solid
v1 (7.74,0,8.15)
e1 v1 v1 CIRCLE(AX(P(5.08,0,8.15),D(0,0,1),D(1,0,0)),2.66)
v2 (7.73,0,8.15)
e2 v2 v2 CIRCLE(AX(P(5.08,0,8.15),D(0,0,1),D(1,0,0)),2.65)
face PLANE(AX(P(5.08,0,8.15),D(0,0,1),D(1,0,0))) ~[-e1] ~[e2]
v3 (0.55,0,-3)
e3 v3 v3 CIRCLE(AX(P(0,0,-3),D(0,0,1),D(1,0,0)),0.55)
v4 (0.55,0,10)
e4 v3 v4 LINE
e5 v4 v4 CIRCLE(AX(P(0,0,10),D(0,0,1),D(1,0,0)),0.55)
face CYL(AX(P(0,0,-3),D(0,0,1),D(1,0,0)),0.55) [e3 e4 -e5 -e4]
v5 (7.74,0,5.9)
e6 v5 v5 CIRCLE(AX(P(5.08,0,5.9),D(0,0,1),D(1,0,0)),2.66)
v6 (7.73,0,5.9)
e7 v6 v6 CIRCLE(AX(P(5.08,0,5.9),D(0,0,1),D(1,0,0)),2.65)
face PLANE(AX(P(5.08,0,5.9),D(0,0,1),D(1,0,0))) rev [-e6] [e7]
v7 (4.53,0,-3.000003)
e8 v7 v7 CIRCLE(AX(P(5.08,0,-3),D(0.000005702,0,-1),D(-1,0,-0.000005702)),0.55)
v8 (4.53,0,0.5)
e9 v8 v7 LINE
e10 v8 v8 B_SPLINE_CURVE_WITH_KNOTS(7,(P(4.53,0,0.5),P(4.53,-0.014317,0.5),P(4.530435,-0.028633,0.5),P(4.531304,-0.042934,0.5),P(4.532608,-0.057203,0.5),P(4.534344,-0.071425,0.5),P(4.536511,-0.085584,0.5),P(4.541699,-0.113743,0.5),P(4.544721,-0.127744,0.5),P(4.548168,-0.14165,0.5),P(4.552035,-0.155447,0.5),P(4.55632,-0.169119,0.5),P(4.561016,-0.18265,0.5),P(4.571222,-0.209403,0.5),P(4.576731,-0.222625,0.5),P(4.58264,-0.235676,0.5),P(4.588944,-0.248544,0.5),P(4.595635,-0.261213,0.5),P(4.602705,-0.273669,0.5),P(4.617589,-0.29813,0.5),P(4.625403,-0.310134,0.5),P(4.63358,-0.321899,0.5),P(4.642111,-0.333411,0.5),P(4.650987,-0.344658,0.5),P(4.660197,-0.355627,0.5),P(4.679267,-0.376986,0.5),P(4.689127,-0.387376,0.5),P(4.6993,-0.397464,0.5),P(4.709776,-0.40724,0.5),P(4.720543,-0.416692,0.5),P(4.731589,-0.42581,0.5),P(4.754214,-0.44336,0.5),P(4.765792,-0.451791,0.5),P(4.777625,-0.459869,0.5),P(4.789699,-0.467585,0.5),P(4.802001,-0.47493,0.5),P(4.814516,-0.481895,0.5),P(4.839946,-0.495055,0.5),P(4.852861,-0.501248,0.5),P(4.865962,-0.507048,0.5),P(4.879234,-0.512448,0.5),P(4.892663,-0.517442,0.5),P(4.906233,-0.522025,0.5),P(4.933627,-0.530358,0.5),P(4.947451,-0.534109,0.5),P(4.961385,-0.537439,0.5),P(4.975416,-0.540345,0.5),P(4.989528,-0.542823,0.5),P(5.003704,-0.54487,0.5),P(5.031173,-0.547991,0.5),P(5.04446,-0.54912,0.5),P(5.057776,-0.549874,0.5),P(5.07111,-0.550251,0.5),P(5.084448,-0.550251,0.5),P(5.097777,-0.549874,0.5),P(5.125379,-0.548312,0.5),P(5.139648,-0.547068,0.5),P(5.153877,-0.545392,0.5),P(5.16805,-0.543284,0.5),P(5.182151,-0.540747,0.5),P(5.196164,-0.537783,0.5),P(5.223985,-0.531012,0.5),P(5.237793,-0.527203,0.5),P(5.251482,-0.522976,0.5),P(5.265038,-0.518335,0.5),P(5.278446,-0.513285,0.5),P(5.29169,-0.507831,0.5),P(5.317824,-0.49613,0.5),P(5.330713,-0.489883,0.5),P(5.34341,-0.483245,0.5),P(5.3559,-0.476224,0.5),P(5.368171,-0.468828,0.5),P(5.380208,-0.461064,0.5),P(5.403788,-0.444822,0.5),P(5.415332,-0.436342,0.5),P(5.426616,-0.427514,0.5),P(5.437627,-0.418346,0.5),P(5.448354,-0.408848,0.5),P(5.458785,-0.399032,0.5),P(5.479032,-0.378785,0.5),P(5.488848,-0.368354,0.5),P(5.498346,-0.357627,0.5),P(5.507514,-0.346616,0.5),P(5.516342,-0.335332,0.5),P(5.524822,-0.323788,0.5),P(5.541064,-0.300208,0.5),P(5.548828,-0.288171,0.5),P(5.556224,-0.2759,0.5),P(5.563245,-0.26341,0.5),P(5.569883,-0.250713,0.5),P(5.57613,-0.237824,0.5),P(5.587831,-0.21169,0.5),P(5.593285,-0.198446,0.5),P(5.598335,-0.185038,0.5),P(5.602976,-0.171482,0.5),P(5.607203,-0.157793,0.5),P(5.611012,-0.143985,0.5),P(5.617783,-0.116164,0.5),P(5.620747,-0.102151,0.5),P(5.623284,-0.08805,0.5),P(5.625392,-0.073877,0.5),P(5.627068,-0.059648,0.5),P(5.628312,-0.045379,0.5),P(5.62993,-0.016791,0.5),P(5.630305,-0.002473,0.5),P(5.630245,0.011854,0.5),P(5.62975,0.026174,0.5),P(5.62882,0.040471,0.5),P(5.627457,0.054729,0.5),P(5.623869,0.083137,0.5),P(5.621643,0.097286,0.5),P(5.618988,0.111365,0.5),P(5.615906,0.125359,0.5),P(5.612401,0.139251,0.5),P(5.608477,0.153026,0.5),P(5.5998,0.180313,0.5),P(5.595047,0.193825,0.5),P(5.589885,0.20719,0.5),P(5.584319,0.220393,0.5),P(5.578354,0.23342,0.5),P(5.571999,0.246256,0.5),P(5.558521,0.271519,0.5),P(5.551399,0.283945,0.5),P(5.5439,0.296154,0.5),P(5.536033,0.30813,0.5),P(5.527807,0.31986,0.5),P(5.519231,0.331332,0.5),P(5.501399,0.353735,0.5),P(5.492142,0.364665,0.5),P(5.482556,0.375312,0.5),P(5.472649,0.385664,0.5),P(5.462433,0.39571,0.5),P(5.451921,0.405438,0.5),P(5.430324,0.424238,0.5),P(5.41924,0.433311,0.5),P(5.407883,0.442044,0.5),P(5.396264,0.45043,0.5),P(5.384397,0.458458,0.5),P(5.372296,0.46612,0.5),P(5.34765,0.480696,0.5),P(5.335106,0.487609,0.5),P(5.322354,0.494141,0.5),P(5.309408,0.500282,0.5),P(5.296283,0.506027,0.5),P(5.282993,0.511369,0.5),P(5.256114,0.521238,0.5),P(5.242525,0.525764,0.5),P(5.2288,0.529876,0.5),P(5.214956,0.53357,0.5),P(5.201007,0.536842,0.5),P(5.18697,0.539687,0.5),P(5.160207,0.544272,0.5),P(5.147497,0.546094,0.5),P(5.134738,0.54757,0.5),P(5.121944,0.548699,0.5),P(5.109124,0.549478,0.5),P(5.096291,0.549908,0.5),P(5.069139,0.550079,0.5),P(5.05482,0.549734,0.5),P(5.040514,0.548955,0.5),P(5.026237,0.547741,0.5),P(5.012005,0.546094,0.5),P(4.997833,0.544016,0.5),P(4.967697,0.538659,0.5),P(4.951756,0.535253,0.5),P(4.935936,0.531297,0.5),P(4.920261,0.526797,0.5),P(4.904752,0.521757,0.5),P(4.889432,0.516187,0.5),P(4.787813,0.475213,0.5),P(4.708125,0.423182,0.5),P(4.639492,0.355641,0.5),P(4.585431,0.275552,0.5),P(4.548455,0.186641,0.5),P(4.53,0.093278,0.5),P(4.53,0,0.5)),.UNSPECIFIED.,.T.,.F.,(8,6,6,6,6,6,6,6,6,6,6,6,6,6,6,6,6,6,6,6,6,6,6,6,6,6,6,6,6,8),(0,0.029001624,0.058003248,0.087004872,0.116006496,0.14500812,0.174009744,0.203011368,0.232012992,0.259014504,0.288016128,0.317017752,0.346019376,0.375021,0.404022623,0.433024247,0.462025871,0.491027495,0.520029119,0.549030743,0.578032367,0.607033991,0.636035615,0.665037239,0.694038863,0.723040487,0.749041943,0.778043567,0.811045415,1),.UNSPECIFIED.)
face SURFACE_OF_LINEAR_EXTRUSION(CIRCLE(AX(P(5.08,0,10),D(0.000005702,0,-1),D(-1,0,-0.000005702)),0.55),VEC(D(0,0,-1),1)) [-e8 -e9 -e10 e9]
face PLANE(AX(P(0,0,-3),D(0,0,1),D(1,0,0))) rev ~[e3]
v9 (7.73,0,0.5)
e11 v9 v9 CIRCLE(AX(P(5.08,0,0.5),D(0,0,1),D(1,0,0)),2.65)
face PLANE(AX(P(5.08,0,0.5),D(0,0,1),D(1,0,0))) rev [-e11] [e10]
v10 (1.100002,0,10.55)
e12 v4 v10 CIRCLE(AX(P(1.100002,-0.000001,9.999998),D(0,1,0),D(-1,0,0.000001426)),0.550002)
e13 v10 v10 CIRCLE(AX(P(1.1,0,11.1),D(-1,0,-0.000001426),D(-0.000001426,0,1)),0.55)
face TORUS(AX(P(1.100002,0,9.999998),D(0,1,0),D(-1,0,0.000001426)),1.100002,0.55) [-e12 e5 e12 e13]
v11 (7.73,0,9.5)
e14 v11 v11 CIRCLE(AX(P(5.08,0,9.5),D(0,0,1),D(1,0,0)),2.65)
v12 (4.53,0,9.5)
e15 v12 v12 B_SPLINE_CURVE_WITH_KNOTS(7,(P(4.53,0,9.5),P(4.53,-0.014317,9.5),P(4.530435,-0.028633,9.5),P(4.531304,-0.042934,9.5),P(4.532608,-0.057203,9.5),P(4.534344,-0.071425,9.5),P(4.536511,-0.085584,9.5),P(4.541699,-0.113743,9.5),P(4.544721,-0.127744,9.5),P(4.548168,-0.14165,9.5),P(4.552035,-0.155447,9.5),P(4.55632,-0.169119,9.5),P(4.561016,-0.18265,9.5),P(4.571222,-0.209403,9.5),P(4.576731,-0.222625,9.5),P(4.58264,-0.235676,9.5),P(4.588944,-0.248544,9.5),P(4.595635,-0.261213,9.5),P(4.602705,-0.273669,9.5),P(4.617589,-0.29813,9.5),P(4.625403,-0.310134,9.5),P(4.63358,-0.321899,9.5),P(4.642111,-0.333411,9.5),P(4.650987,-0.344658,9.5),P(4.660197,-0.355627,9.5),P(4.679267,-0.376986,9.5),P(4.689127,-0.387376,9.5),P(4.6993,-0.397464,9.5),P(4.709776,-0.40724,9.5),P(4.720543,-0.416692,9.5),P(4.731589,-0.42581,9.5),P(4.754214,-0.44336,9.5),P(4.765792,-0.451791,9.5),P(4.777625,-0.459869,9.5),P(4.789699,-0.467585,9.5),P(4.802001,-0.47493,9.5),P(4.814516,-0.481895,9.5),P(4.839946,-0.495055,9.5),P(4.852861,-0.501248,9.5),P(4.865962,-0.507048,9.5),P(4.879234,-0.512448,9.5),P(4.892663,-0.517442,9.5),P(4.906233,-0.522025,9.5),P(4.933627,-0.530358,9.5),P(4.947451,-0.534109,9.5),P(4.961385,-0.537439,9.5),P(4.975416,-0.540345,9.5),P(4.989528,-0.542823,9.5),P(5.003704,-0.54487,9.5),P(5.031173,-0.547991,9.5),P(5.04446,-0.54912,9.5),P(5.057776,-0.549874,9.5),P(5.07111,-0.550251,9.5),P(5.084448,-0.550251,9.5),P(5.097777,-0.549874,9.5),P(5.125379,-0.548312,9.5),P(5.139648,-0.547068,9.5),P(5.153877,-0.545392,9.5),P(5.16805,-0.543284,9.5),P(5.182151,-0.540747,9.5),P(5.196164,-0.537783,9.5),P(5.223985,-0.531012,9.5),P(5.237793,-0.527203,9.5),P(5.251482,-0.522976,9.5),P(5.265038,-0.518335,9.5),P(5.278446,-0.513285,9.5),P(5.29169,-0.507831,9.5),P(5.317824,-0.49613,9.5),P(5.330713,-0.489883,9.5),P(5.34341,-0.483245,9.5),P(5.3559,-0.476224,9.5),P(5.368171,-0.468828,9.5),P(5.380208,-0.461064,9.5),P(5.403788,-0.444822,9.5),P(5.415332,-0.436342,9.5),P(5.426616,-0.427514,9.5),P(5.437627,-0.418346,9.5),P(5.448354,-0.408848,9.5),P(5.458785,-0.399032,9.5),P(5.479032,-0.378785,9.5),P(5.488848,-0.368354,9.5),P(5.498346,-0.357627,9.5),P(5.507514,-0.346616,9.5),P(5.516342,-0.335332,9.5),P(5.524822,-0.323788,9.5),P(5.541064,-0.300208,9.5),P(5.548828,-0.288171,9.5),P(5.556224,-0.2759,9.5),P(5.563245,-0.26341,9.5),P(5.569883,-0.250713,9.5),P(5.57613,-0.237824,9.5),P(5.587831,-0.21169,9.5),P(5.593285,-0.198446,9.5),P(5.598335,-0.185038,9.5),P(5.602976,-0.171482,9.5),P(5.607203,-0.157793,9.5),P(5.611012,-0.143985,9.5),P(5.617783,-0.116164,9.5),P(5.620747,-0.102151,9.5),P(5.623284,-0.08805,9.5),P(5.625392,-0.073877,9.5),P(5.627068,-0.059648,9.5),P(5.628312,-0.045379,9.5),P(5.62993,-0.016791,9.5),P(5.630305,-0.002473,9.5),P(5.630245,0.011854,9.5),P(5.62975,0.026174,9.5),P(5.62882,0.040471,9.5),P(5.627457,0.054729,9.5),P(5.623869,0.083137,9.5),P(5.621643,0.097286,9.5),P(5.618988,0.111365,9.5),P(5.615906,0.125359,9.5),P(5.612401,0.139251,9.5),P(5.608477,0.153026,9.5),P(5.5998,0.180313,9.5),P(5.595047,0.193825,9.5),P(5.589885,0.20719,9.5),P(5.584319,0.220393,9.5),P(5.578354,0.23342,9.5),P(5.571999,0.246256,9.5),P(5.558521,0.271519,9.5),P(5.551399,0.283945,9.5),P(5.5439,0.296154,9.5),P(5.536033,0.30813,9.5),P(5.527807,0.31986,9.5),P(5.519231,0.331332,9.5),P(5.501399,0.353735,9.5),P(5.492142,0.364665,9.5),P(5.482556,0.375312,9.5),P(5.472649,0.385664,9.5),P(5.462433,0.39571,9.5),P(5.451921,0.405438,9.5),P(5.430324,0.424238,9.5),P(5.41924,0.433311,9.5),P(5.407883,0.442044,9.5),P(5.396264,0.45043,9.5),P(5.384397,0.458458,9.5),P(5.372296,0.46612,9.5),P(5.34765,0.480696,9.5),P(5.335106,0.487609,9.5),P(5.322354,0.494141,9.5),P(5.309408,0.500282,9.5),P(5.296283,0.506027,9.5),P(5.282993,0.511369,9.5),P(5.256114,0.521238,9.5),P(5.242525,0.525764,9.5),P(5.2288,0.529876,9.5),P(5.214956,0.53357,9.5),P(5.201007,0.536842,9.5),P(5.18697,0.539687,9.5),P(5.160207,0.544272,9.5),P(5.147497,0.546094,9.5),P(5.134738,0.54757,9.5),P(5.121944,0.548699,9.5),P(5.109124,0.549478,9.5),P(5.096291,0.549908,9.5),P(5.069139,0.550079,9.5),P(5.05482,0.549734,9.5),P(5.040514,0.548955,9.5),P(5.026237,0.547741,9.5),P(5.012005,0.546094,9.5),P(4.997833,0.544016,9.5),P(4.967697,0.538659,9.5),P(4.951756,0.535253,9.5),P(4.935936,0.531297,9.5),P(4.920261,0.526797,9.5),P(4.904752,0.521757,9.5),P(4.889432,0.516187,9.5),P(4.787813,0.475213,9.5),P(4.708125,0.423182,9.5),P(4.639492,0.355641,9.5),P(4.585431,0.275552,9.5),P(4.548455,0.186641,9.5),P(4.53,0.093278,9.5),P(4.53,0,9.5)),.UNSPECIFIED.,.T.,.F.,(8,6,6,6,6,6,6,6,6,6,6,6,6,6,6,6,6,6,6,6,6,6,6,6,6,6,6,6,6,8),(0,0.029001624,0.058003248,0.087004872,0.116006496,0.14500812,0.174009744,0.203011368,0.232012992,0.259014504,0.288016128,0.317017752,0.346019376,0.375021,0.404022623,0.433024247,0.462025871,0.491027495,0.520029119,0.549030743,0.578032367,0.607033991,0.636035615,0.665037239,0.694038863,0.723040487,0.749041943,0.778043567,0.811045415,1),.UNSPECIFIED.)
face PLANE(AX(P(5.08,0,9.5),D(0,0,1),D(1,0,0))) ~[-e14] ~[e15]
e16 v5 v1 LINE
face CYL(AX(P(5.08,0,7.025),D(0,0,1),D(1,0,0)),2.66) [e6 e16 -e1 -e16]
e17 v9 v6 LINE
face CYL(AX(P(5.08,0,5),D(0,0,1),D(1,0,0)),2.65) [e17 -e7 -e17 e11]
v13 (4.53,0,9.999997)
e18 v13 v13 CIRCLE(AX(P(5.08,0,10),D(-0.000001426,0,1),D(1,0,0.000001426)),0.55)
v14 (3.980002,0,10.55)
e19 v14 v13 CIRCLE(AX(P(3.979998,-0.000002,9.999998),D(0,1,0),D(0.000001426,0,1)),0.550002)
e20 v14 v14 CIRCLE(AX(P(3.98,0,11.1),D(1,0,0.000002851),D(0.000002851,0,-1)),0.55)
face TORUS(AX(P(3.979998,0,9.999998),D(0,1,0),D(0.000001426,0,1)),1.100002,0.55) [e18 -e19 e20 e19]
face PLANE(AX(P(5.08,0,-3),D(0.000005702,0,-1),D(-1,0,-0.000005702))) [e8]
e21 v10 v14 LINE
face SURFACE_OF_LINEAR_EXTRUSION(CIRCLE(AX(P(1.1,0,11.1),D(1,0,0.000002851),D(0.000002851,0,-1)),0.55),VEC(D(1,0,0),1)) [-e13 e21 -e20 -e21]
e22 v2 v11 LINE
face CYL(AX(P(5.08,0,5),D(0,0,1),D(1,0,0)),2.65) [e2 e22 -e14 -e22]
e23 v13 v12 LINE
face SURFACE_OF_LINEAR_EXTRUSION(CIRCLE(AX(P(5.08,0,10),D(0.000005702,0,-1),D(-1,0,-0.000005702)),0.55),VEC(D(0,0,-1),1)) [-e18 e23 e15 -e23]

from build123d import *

# Parameters (mm, degrees)
SKETCH002_W = 2.65
SKETCH002_H = 9
SKETCH001_R = 0.55
SKETCH003_W = 2.66
SKETCH003_H = 2.25


with BuildPart() as revolution:
    # Sketch002 → Revolution (revolve)
    with BuildSketch(Plane.XZ):
        with Locations((6.405, 5)):
            Rectangle(SKETCH002_W, SKETCH002_H)
    revolve(axis=Axis((5.08, 0, 0.5), (0, 0, 1)))


with BuildPart() as sweep_body:
    # Sweep: sweep along a path in Sketch
    with BuildLine(Plane.XZ) as sweep_path:
        Line((0, -3), (0, 10))
        ThreePointArc((0, 10), (0.322183, 10.777817), (1.1, 11.1))
        Line((1.1, 11.1), (3.98, 11.1))
        ThreePointArc((3.98, 11.1), (4.757817, 10.777817), (5.08, 10))
        Line((5.08, 10), (5.08, -3))
    # Sketch001 → Sweep (sweep)
    with BuildSketch(Plane.XY):
        Circle(SKETCH001_R)
    sweep(path=sweep_path.line)


with BuildPart() as d_do_201ae_p5_08mm_vertical_kathodeup:
    # Sketch003 → Revolution001 (revolve)
    with BuildSketch(Plane.XZ):
        with Locations((6.41, 7.025)):
            Rectangle(SKETCH003_W, SKETCH003_H)
    revolve(axis=Axis((5.08, 0, 5.9), (0, 0, 1)))

    # Revolution001_mp_cp: union Revolution, Sweep body
    add(revolution.part)
    add(sweep_body.part)


solid = d_do_201ae_p5_08mm_vertical_kathodeup.part
